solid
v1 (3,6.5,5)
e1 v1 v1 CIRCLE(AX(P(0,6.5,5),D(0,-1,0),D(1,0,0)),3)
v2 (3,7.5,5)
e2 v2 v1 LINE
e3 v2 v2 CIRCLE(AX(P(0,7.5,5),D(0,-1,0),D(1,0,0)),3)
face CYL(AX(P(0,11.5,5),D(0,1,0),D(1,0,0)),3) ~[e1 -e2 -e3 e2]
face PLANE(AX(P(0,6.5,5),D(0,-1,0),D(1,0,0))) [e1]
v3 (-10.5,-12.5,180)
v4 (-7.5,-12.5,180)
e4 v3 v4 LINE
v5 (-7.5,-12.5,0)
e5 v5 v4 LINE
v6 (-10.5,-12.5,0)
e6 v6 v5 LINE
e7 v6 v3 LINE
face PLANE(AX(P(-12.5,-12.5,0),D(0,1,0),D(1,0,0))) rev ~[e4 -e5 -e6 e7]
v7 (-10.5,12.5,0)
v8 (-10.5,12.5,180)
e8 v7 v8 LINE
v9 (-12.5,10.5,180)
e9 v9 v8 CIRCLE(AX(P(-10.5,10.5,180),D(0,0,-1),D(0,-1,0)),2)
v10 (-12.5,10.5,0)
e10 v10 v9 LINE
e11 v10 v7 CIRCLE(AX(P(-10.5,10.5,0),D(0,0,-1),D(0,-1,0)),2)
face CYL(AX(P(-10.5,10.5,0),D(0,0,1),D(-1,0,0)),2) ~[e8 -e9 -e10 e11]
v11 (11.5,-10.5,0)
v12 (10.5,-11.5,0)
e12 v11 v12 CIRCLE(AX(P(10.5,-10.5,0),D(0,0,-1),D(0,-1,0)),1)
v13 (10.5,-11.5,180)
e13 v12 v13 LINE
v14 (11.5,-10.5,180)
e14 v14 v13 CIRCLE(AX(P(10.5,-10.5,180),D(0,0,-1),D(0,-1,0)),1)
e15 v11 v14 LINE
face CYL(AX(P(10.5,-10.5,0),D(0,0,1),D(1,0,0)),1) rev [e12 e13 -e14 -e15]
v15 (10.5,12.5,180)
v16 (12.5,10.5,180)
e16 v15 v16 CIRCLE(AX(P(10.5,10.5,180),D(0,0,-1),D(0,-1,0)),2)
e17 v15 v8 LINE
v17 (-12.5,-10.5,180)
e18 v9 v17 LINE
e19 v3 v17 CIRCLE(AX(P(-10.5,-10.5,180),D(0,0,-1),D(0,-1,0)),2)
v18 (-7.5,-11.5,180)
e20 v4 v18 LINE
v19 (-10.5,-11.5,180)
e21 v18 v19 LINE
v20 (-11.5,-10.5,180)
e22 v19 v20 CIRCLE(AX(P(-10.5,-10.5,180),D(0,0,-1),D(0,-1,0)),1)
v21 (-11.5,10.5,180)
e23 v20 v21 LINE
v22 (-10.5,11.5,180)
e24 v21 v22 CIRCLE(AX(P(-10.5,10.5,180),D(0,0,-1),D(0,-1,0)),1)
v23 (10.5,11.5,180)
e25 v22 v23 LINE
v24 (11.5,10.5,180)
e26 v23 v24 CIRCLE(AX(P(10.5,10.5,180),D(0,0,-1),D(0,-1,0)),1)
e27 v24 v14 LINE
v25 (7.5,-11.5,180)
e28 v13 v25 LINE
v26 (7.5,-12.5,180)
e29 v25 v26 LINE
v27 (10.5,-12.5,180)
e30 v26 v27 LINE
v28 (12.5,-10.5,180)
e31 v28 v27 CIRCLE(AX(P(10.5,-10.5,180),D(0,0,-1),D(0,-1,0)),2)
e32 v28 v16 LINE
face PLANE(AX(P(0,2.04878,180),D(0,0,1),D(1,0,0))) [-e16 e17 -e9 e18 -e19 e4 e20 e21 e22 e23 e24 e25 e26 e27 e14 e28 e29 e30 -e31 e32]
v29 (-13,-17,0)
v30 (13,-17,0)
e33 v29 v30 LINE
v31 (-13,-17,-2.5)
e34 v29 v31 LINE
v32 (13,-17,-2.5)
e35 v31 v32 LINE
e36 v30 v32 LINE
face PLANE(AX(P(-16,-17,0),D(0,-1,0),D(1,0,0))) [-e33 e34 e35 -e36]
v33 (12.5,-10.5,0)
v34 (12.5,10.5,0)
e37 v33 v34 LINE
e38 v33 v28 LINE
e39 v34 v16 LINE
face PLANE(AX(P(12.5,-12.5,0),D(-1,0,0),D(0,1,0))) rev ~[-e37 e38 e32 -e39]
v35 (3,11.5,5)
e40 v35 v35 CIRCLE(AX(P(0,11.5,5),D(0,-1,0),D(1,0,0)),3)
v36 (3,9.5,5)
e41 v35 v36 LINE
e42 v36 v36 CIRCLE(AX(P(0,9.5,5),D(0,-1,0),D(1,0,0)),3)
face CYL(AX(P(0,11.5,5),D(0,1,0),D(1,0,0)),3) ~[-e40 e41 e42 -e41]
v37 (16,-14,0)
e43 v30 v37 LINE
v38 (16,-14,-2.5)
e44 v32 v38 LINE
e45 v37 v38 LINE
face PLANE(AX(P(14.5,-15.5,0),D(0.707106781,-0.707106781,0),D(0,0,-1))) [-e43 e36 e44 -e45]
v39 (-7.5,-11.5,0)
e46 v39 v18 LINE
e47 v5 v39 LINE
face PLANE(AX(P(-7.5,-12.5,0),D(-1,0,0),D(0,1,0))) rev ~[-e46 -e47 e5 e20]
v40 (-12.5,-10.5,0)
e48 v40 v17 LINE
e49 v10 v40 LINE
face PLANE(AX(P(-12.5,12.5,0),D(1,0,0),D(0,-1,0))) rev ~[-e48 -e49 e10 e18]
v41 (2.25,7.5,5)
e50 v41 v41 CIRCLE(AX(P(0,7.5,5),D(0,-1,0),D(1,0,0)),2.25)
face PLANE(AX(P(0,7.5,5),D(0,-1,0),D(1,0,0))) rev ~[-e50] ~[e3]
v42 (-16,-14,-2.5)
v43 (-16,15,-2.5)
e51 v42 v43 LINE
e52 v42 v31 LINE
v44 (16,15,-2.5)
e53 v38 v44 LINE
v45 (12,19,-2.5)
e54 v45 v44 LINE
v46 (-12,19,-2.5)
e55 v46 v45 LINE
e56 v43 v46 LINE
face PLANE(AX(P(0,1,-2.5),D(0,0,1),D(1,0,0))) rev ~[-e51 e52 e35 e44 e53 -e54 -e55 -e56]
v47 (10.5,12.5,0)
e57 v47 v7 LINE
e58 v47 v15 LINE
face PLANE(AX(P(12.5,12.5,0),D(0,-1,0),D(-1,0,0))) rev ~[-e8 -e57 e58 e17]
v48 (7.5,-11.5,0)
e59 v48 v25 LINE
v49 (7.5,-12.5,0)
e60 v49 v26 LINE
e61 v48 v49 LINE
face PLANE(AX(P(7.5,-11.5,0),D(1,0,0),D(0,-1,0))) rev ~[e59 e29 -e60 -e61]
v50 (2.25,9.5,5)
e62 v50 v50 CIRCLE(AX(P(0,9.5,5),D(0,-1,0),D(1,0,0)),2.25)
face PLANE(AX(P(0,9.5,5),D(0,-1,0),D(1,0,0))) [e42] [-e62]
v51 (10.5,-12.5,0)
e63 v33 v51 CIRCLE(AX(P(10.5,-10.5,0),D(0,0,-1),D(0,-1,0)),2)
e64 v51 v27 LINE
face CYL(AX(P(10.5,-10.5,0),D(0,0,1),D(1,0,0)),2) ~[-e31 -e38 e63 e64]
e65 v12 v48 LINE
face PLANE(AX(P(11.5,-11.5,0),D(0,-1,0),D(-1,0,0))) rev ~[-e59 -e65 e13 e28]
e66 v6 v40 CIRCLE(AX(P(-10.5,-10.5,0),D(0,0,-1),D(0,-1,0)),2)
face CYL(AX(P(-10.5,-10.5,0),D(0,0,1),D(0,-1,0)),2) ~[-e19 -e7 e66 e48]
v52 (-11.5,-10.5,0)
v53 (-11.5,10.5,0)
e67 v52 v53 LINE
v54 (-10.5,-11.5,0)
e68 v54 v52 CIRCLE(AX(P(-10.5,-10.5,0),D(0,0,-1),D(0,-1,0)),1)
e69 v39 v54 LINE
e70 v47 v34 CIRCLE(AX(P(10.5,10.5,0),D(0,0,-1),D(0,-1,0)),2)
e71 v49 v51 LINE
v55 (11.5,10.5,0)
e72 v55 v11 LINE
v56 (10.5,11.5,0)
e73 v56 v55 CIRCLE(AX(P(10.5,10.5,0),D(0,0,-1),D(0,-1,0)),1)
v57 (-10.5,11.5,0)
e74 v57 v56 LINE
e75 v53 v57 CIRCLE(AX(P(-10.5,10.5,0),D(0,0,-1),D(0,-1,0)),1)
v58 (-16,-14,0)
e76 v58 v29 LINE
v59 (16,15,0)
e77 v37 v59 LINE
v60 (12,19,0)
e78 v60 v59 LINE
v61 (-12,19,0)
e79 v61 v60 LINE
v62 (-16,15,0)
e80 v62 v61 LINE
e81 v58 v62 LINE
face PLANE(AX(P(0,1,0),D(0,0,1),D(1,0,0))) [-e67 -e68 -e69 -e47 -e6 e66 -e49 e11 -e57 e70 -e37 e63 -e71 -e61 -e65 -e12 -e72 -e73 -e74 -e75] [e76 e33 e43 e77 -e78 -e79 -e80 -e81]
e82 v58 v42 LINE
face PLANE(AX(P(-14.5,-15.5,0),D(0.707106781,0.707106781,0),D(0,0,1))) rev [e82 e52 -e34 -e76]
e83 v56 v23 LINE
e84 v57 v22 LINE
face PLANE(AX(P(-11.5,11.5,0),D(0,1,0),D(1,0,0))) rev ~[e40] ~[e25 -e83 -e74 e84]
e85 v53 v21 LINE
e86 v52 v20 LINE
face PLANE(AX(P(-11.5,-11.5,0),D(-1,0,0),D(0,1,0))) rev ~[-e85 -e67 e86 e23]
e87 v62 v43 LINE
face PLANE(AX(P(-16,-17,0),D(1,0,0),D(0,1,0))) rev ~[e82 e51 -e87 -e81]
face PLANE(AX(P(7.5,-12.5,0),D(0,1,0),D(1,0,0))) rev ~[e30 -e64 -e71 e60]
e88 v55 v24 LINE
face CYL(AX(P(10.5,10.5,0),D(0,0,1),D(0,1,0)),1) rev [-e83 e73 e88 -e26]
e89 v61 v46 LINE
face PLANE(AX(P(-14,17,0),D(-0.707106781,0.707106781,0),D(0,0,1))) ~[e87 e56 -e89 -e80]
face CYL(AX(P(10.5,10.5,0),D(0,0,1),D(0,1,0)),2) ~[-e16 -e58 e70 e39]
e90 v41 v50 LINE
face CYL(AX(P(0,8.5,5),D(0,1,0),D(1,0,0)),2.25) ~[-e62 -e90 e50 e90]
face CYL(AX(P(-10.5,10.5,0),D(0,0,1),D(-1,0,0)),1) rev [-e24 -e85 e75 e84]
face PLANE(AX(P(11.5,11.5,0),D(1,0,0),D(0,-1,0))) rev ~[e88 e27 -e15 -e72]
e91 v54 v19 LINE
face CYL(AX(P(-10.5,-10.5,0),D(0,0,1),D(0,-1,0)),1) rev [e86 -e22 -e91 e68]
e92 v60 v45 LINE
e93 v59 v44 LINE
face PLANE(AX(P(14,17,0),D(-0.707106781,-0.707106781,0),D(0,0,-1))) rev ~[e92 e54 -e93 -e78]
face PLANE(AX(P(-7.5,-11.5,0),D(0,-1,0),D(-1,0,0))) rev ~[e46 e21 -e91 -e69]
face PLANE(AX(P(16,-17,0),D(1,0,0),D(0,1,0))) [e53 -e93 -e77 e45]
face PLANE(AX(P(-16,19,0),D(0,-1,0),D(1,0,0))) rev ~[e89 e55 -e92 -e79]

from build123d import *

# Parameters (mm, degrees)
F0_W      = 32
F0_H      = 36
F1_DEPTH  = 2.5
F3_DEPTH  = 180
F4_R      = 1
F5_R      = 2
F6_R      = 3
F7_DEPTH  = 5
F9_R      = 3
F9_R_2    = 2.25
F10_DEPTH = 1
F11_SIZE  = 3
F12_SIZE  = 4


with BuildPart() as f1:
    # F0 (on Top) → F1 (new body)
    with BuildSketch(Plane.XY):
        with Locations((0, 1)):
            Rectangle(F0_W, F0_H)
    extrude(amount=-F1_DEPTH)

    # F2 (on face) → F3 (join)
    with BuildSketch(Plane.XY):
        Polygon((12.5, -12.5), (12.5, 12.5), (-12.5, 12.5), (-12.5, -12.5), (-7.5, -12.5), (-7.5, -11.5), (-11.5, -11.5), (-11.5, 11.5), (11.5, 11.5), (11.5, -11.5), (7.5, -11.5), (7.5, -12.5), align=None)
    extrude(amount=F3_DEPTH)

    # F4
    f4_edges = [f1.edges().sort_by_distance(p)[0] for p in [
        (-11.5, 11.5, 90),
        (11.5, 11.5, 90),
        (-11.5, -11.5, 90),
        (11.5, -11.5, 90),
    ]]
    fillet(f4_edges, radius=F4_R)

    # F5
    f5_edges = [f1.edges().sort_by_distance(p)[0] for p in [
        (-12.5, 12.5, 90),
        (12.5, 12.5, 90),
        (12.5, -12.5, 90),
        (-12.5, -12.5, 90),
    ]]
    fillet(f5_edges, radius=F5_R)

    # F6 (on face) → F7 (join)
    with BuildSketch(Plane.XZ.offset(-11.5)):
        with Locations((0, 5)):
            Circle(F6_R)
    extrude(amount=F7_DEPTH)

    # F9 (on offset) → F10 (cut, symmetric)
    with BuildSketch(Plane.XZ.offset(-8.5)):
        with Locations((0, 5)):
            Circle(F9_R)
        with Locations((0, 5)):
            Circle(F9_R_2, mode=Mode.SUBTRACT)
    extrude(amount=F10_DEPTH, both=True, mode=Mode.SUBTRACT)

    # F11
    f11_edges = [f1.edges().sort_by_distance(p)[0] for p in [
        (-16, -17, -1.25),
        (16, -17, -1.25),
    ]]
    chamfer(f11_edges, length=F11_SIZE)

    # F12
    f12_edges = [f1.edges().sort_by_distance(p)[0] for p in [
        (16, 19, -1.25),
        (-16, 19, -1.25),
    ]]
    chamfer(f12_edges, length=F12_SIZE)


solid = f1.part
